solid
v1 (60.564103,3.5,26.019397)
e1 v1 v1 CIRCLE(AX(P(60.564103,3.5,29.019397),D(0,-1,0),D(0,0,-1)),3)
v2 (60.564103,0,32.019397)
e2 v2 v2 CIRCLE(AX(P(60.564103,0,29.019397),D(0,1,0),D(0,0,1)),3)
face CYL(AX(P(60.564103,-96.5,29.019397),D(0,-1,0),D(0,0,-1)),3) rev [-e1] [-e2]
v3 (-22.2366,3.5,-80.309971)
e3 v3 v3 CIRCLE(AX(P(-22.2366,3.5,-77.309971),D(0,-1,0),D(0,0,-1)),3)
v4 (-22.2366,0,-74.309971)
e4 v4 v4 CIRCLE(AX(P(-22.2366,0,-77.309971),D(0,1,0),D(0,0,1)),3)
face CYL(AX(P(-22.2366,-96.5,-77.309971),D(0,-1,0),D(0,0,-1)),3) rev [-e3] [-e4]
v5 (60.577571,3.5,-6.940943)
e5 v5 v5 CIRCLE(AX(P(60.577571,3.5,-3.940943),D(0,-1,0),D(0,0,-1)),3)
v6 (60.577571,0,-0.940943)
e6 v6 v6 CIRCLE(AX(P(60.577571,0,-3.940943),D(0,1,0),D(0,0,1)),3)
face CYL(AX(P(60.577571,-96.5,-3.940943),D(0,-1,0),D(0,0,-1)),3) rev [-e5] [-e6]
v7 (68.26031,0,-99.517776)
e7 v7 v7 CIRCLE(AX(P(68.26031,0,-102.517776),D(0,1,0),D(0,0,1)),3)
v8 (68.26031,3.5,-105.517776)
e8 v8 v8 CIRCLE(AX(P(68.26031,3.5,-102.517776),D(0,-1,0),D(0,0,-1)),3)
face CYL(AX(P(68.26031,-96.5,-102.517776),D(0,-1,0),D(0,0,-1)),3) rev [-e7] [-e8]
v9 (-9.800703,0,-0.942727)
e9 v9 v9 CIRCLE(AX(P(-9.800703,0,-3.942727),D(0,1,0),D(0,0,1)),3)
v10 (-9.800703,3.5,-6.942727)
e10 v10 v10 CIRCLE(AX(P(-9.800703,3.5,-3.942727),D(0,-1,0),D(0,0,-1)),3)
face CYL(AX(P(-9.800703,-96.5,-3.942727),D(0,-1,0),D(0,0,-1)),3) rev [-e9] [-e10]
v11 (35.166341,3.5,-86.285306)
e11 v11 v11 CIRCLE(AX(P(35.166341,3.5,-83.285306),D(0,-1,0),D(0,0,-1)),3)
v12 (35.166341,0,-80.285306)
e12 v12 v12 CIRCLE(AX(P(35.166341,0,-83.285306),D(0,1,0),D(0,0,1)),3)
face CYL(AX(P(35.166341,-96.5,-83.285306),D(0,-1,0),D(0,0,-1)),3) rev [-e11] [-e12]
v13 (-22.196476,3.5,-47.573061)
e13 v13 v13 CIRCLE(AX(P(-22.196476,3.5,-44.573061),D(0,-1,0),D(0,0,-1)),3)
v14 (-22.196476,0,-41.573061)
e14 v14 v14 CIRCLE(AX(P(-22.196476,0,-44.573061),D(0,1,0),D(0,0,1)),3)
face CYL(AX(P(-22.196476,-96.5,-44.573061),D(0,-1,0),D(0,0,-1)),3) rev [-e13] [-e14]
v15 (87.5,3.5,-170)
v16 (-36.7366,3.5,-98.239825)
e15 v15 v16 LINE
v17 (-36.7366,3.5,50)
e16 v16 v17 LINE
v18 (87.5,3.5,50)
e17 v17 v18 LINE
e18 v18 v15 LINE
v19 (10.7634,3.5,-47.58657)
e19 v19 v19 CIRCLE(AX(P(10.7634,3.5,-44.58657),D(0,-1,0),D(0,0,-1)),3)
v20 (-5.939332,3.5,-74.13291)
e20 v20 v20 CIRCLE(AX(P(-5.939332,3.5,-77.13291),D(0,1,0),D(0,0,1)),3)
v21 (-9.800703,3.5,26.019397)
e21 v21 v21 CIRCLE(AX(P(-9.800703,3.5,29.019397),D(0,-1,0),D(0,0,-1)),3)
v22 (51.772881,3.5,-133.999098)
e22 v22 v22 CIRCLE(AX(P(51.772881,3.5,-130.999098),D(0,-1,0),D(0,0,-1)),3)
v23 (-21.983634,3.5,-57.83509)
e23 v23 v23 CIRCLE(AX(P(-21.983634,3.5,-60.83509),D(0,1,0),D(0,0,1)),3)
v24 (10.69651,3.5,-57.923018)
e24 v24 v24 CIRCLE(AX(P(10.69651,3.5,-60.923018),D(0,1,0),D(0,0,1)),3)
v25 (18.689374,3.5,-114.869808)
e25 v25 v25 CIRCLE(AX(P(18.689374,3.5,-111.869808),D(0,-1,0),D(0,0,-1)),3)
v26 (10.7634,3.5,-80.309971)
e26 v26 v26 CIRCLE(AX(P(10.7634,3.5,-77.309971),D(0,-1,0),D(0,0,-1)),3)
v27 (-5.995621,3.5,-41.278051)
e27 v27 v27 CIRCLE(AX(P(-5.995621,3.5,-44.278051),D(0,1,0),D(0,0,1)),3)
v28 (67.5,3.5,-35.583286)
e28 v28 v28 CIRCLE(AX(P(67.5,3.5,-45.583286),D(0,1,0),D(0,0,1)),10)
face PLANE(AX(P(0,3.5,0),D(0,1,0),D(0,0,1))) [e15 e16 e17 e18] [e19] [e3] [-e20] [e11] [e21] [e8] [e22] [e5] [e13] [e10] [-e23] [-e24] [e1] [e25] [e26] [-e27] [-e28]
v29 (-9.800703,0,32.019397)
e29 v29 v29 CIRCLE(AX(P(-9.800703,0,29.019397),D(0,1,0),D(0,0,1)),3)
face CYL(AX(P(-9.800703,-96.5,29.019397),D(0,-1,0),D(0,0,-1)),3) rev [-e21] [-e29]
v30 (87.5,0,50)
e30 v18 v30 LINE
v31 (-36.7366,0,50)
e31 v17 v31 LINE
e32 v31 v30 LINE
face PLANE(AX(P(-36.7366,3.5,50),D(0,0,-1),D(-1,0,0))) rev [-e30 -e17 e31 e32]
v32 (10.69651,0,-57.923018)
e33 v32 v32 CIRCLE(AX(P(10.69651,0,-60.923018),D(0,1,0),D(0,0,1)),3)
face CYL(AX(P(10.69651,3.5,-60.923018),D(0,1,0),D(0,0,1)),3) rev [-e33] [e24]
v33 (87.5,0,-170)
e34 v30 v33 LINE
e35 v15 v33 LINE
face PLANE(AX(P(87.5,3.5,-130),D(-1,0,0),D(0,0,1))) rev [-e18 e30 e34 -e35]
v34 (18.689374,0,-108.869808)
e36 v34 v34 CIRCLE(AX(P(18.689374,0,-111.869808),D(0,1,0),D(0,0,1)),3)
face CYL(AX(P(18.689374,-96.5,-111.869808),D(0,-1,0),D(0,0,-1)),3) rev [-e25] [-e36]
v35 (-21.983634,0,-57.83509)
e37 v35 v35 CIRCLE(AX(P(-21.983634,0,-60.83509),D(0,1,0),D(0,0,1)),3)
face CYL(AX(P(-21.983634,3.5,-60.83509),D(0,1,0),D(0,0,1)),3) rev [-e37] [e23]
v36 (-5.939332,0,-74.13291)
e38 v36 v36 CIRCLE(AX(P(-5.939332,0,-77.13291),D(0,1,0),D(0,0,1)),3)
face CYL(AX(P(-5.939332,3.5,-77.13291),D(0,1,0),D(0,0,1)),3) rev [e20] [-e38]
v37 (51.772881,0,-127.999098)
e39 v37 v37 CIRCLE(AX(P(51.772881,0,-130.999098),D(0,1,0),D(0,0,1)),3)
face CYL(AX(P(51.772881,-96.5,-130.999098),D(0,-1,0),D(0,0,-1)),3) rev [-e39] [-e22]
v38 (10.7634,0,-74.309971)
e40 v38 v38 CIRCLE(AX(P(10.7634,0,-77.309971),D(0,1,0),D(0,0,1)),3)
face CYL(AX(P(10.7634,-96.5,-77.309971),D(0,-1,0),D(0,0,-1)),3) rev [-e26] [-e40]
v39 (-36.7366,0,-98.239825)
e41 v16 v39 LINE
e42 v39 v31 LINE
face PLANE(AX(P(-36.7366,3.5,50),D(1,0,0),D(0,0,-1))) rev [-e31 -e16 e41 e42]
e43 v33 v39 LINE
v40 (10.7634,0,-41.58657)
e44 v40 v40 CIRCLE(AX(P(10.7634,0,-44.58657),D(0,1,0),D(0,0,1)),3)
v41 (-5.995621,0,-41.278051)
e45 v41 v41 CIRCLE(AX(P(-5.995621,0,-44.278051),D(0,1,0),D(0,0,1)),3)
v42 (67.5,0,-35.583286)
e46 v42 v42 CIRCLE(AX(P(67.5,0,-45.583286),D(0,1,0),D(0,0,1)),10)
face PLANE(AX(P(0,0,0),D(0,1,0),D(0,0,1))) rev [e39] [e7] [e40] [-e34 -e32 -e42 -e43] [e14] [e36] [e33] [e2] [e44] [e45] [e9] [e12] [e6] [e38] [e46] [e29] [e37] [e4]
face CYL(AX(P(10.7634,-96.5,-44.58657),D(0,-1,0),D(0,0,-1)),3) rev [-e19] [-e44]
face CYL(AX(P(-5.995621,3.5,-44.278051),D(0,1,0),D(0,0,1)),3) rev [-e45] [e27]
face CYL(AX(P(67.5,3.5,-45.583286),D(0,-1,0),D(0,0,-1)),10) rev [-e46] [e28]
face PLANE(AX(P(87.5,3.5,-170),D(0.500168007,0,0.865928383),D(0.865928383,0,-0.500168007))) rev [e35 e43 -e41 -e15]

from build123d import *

# Parameters (mm, degrees)
SKETCH4_R                  = 10
BOSS_EXTRUDE1_DEPTH        = 3.5
F_6_0MM_DOWEL_HOLE3_D      = 6
F_6_0MM_DOWEL_HOLE4_D      = 6
F_6_0MM_DOWEL_HOLE5_D      = 6
F_6_0MM_DOWEL_HOLE6_D      = 6
F_6_0MM_DOWEL_HOLE7_D      = 6
F_6_0MM_DOWEL_HOLE8_D      = 6
F_6_0MM_DOWEL_HOLE9_D      = 6
F_6_0MM_DOWEL_HOLE10_D     = 6
F_6_0MM_DOWEL_HOLE11_D     = 6
F_6_0MM_DOWEL_HOLE12_D     = 6
F_6_0MM_DOWEL_HOLE13_D     = 6
F_6_0MM_DOWEL_HOLE14_D     = 6
F_6_0MM_DOWEL_HOLE15_D     = 6
F_6_0MM_DOWEL_HOLE16_D     = 6
F_6_0MM_DOWEL_HOLE17_D     = 6
F_6_0MM_DOWEL_HOLE17_DEPTH = 30.64
F_6_0MM_DOWEL_HOLE17_TIP   = 1.802581857
F_6_0MM_DOWEL_HOLE18_D     = 6
F_6_0MM_DOWEL_HOLE18_DEPTH = 30.64
F_6_0MM_DOWEL_HOLE18_TIP   = 1.802581857
F_6_0MM_DOWEL_HOLE19_D     = 6
F_6_0MM_DOWEL_HOLE19_DEPTH = 30.64
F_6_0MM_DOWEL_HOLE19_TIP   = 1.802581857
F_6_0MM_DOWEL_HOLE20_D     = 6
F_6_0MM_DOWEL_HOLE20_DEPTH = 30.64
F_6_0MM_DOWEL_HOLE20_TIP   = 1.802581857
F_6_0MM_DOWEL_HOLE21_D     = 6
F_6_0MM_DOWEL_HOLE22_D     = 6
F_6_0MM_DOWEL_HOLE23_D     = 6
F_6_0MM_DOWEL_HOLE24_D     = 6
F_6_0MM_DOWEL_HOLE25_D     = 6
F_6_0MM_DOWEL_HOLE26_D     = 6
F_6_0MM_DOWEL_HOLE27_D     = 6
F_6_0MM_DOWEL_HOLE28_D     = 6
F_6_0MM_DOWEL_HOLE29_D     = 6
F_6_0MM_DOWEL_HOLE30_D     = 6


with BuildPart() as part:
    # Sketch4 → Boss-Extrude1 (new body)
    with BuildSketch(Plane(origin=(0, 0, 0), x_dir=(1, 0, 0), z_dir=(0, 1, 0))):
        Polygon((-36.7366, -50), (87.5, -50), (87.5, 0), (87.5, 130), (87.5, 170), (-36.7366, 98.239824704), (-36.7366, 58.239824704), (-36.7366, 23.58328615), align=None)
        with Locations(Location((67.5, 45.58328615, 0), (0, 0, 270))):
            Circle(SKETCH4_R, mode=Mode.SUBTRACT)
    extrude(amount=BOSS_EXTRUDE1_DEPTH)

    # Ø6.0mm Dowel Hole3 (through all)
    with Locations(Plane(origin=(-105.59791448, -96.5, 23.604755291), x_dir=(-1, 0, 0), z_dir=(0, -1, 0))):
        with Locations((-166.162017209, -5.414641336)):
            Hole(F_6_0MM_DOWEL_HOLE3_D / 2)

    # Ø6.0mm Dowel Hole4 (through all)
    with Locations(Plane(origin=(-105.59791448, 0, 23.604755291), x_dir=(-1, 0, 0), z_dir=(0, -1, 0))):
        with Locations((-166.162017209, -5.414641336)):
            Hole(F_6_0MM_DOWEL_HOLE4_D / 2)

    # Ø6.0mm Dowel Hole5 (through all)
    with Locations(Plane(origin=(-105.59791448, -96.5, 23.604755291), x_dir=(-1, 0, 0), z_dir=(0, -1, 0))):
        with Locations((-166.175485163, 27.545698678)):
            Hole(F_6_0MM_DOWEL_HOLE5_D / 2)

    # Ø6.0mm Dowel Hole6 (through all)
    with Locations(Plane(origin=(-105.59791448, 0, 23.604755291), x_dir=(-1, 0, 0), z_dir=(0, -1, 0))):
        with Locations((-166.175485163, 27.545698678)):
            Hole(F_6_0MM_DOWEL_HOLE6_D / 2)

    # Ø6.0mm Dowel Hole7 (through all)
    with Locations(Plane(origin=(-105.59791448, -96.5, 23.604755291), x_dir=(-1, 0, 0), z_dir=(0, -1, 0))):
        with Locations((-95.797211751, 27.547482752)):
            Hole(F_6_0MM_DOWEL_HOLE7_D / 2)

    # Ø6.0mm Dowel Hole8 (through all)
    with Locations(Plane(origin=(-105.59791448, 0, 23.604755291), x_dir=(-1, 0, 0), z_dir=(0, -1, 0))):
        with Locations((-95.797211751, 27.547482752)):
            Hole(F_6_0MM_DOWEL_HOLE8_D / 2)

    # Ø6.0mm Dowel Hole9 (through all)
    with Locations(Plane(origin=(-105.59791448, -96.5, 23.604755291), x_dir=(-1, 0, 0), z_dir=(0, -1, 0))):
        with Locations((-83.36131448, 100.914726135)):
            Hole(F_6_0MM_DOWEL_HOLE9_D / 2)

    # Ø6.0mm Dowel Hole10 (through all)
    with Locations(Plane(origin=(-105.59791448, 0, 23.604755291), x_dir=(-1, 0, 0), z_dir=(0, -1, 0))):
        with Locations((-83.36131448, 100.914726135)):
            Hole(F_6_0MM_DOWEL_HOLE10_D / 2)

    # Ø6.0mm Dowel Hole11 (through all)
    with Locations(Plane(origin=(-105.59791448, -96.5, 23.604755291), x_dir=(-1, 0, 0), z_dir=(0, -1, 0))):
        with Locations((-116.36131448, 100.914726135)):
            Hole(F_6_0MM_DOWEL_HOLE11_D / 2)

    # Ø6.0mm Dowel Hole12 (through all)
    with Locations(Plane(origin=(-105.59791448, 0, 23.604755291), x_dir=(-1, 0, 0), z_dir=(0, -1, 0))):
        with Locations((-116.36131448, 100.914726135)):
            Hole(F_6_0MM_DOWEL_HOLE12_D / 2)

    # Ø6.0mm Dowel Hole13 (through all)
    with Locations(Plane(origin=(-105.59791448, -96.5, 23.604755291), x_dir=(-1, 0, 0), z_dir=(0, -1, 0))):
        with Locations((-116.36131448, 68.191325462)):
            Hole(F_6_0MM_DOWEL_HOLE13_D / 2)

    # Ø6.0mm Dowel Hole14 (through all)
    with Locations(Plane(origin=(-105.59791448, 0, 23.604755291), x_dir=(-1, 0, 0), z_dir=(0, -1, 0))):
        with Locations((-116.36131448, 68.191325462)):
            Hole(F_6_0MM_DOWEL_HOLE14_D / 2)

    # Ø6.0mm Dowel Hole15 (through all)
    with Locations(Plane(origin=(-105.59791448, -96.5, 23.604755291), x_dir=(-1, 0, 0), z_dir=(0, -1, 0))):
        with Locations((-83.401438286, 68.177816696)):
            Hole(F_6_0MM_DOWEL_HOLE15_D / 2)

    # Ø6.0mm Dowel Hole16 (through all)
    with Locations(Plane(origin=(-105.59791448, 0, 23.604755291), x_dir=(-1, 0, 0), z_dir=(0, -1, 0))):
        with Locations((-83.401438286, 68.177816696)):
            Hole(F_6_0MM_DOWEL_HOLE16_D / 2)

    # Ø6.0mm Dowel Hole17
    with Locations(Plane(origin=(-105.59791448, 3.5, 23.604755291), x_dir=(1, 0, 0), z_dir=(0, 1, 0))):
        with Locations((83.614280544, 84.439845005)):
            Hole(F_6_0MM_DOWEL_HOLE17_D / 2, depth=F_6_0MM_DOWEL_HOLE17_DEPTH)
            with Locations((0, 0, -(F_6_0MM_DOWEL_HOLE17_DEPTH + F_6_0MM_DOWEL_HOLE17_TIP / 2))):  # 118° drill point
                Cone(0, F_6_0MM_DOWEL_HOLE17_D / 2, F_6_0MM_DOWEL_HOLE17_TIP, mode=Mode.SUBTRACT)

    # Ø6.0mm Dowel Hole18
    with Locations(Plane(origin=(-105.59791448, 3.5, 23.604755291), x_dir=(1, 0, 0), z_dir=(0, 1, 0))):
        with Locations((116.294424018, 84.527773094)):
            Hole(F_6_0MM_DOWEL_HOLE18_D / 2, depth=F_6_0MM_DOWEL_HOLE18_DEPTH)
            with Locations((0, 0, -(F_6_0MM_DOWEL_HOLE18_DEPTH + F_6_0MM_DOWEL_HOLE18_TIP / 2))):  # 118° drill point
                Cone(0, F_6_0MM_DOWEL_HOLE18_D / 2, F_6_0MM_DOWEL_HOLE18_TIP, mode=Mode.SUBTRACT)

    # Ø6.0mm Dowel Hole19
    with Locations(Plane(origin=(-105.59791448, 3.5, 23.604755291), x_dir=(1, 0, 0), z_dir=(0, 1, 0))):
        with Locations((99.602293645, 67.882806011)):
            Hole(F_6_0MM_DOWEL_HOLE19_D / 2, depth=F_6_0MM_DOWEL_HOLE19_DEPTH)
            with Locations((0, 0, -(F_6_0MM_DOWEL_HOLE19_DEPTH + F_6_0MM_DOWEL_HOLE19_TIP / 2))):  # 118° drill point
                Cone(0, F_6_0MM_DOWEL_HOLE19_D / 2, F_6_0MM_DOWEL_HOLE19_TIP, mode=Mode.SUBTRACT)

    # Ø6.0mm Dowel Hole20
    with Locations(Plane(origin=(-105.59791448, 3.5, 23.604755291), x_dir=(1, 0, 0), z_dir=(0, 1, 0))):
        with Locations((99.658582024, 100.737664948)):
            Hole(F_6_0MM_DOWEL_HOLE20_D / 2, depth=F_6_0MM_DOWEL_HOLE20_DEPTH)
            with Locations((0, 0, -(F_6_0MM_DOWEL_HOLE20_DEPTH + F_6_0MM_DOWEL_HOLE20_TIP / 2))):  # 118° drill point
                Cone(0, F_6_0MM_DOWEL_HOLE20_D / 2, F_6_0MM_DOWEL_HOLE20_TIP, mode=Mode.SUBTRACT)

    # Ø6.0mm Dowel Hole21 (through all)
    with Locations(Plane(origin=(-105.59791448, -96.5, 23.604755291), x_dir=(-1, 0, 0), z_dir=(0, -1, 0))):
        with Locations((-173.858224897, 126.122531585)):
            Hole(F_6_0MM_DOWEL_HOLE21_D / 2)

    # Ø6.0mm Dowel Hole22 (through all)
    with Locations(Plane(origin=(-105.59791448, 0, 23.604755291), x_dir=(-1, 0, 0), z_dir=(0, -1, 0))):
        with Locations((-173.858224897, 126.122531585)):
            Hole(F_6_0MM_DOWEL_HOLE22_D / 2)

    # Ø6.0mm Dowel Hole23 (through all)
    with Locations(Plane(origin=(-105.59791448, -96.5, 23.604755291), x_dir=(-1, 0, 0), z_dir=(0, -1, 0))):
        with Locations((-157.37079531, 154.603853756)):
            Hole(F_6_0MM_DOWEL_HOLE23_D / 2)

    # Ø6.0mm Dowel Hole24 (through all)
    with Locations(Plane(origin=(-105.59791448, 0, 23.604755291), x_dir=(-1, 0, 0), z_dir=(0, -1, 0))):
        with Locations((-157.37079531, 154.603853756)):
            Hole(F_6_0MM_DOWEL_HOLE24_D / 2)

    # Ø6.0mm Dowel Hole25 (through all)
    with Locations(Plane(origin=(-105.59791448, -96.5, 23.604755291), x_dir=(-1, 0, 0), z_dir=(0, -1, 0))):
        with Locations((-124.287288406, 135.474563451)):
            Hole(F_6_0MM_DOWEL_HOLE25_D / 2)

    # Ø6.0mm Dowel Hole26 (through all)
    with Locations(Plane(origin=(-105.59791448, 0, 23.604755291), x_dir=(-1, 0, 0), z_dir=(0, -1, 0))):
        with Locations((-124.287288406, 135.474563451)):
            Hole(F_6_0MM_DOWEL_HOLE26_D / 2)

    # Ø6.0mm Dowel Hole27 (through all)
    with Locations(Plane(origin=(-105.59791448, -96.5, 23.604755291), x_dir=(-1, 0, 0), z_dir=(0, -1, 0))):
        with Locations((-140.764255961, 106.890061518)):
            Hole(F_6_0MM_DOWEL_HOLE27_D / 2)

    # Ø6.0mm Dowel Hole28 (through all)
    with Locations(Plane(origin=(-105.59791448, 0, 23.604755291), x_dir=(-1, 0, 0), z_dir=(0, -1, 0))):
        with Locations((-140.764255961, 106.890061518)):
            Hole(F_6_0MM_DOWEL_HOLE28_D / 2)

    # Ø6.0mm Dowel Hole29 (through all)
    with Locations(Plane(origin=(-105.59791448, -96.5, 23.604755291), x_dir=(-1, 0, 0), z_dir=(0, -1, 0))):
        with Locations((-95.797211751, -5.414641336)):
            Hole(F_6_0MM_DOWEL_HOLE29_D / 2)

    # Ø6.0mm Dowel Hole30 (through all)
    with Locations(Plane(origin=(-105.59791448, 0, 23.604755291), x_dir=(-1, 0, 0), z_dir=(0, -1, 0))):
        with Locations((-95.797211751, -5.414641336)):
            Hole(F_6_0MM_DOWEL_HOLE30_D / 2)


solid = part.part
